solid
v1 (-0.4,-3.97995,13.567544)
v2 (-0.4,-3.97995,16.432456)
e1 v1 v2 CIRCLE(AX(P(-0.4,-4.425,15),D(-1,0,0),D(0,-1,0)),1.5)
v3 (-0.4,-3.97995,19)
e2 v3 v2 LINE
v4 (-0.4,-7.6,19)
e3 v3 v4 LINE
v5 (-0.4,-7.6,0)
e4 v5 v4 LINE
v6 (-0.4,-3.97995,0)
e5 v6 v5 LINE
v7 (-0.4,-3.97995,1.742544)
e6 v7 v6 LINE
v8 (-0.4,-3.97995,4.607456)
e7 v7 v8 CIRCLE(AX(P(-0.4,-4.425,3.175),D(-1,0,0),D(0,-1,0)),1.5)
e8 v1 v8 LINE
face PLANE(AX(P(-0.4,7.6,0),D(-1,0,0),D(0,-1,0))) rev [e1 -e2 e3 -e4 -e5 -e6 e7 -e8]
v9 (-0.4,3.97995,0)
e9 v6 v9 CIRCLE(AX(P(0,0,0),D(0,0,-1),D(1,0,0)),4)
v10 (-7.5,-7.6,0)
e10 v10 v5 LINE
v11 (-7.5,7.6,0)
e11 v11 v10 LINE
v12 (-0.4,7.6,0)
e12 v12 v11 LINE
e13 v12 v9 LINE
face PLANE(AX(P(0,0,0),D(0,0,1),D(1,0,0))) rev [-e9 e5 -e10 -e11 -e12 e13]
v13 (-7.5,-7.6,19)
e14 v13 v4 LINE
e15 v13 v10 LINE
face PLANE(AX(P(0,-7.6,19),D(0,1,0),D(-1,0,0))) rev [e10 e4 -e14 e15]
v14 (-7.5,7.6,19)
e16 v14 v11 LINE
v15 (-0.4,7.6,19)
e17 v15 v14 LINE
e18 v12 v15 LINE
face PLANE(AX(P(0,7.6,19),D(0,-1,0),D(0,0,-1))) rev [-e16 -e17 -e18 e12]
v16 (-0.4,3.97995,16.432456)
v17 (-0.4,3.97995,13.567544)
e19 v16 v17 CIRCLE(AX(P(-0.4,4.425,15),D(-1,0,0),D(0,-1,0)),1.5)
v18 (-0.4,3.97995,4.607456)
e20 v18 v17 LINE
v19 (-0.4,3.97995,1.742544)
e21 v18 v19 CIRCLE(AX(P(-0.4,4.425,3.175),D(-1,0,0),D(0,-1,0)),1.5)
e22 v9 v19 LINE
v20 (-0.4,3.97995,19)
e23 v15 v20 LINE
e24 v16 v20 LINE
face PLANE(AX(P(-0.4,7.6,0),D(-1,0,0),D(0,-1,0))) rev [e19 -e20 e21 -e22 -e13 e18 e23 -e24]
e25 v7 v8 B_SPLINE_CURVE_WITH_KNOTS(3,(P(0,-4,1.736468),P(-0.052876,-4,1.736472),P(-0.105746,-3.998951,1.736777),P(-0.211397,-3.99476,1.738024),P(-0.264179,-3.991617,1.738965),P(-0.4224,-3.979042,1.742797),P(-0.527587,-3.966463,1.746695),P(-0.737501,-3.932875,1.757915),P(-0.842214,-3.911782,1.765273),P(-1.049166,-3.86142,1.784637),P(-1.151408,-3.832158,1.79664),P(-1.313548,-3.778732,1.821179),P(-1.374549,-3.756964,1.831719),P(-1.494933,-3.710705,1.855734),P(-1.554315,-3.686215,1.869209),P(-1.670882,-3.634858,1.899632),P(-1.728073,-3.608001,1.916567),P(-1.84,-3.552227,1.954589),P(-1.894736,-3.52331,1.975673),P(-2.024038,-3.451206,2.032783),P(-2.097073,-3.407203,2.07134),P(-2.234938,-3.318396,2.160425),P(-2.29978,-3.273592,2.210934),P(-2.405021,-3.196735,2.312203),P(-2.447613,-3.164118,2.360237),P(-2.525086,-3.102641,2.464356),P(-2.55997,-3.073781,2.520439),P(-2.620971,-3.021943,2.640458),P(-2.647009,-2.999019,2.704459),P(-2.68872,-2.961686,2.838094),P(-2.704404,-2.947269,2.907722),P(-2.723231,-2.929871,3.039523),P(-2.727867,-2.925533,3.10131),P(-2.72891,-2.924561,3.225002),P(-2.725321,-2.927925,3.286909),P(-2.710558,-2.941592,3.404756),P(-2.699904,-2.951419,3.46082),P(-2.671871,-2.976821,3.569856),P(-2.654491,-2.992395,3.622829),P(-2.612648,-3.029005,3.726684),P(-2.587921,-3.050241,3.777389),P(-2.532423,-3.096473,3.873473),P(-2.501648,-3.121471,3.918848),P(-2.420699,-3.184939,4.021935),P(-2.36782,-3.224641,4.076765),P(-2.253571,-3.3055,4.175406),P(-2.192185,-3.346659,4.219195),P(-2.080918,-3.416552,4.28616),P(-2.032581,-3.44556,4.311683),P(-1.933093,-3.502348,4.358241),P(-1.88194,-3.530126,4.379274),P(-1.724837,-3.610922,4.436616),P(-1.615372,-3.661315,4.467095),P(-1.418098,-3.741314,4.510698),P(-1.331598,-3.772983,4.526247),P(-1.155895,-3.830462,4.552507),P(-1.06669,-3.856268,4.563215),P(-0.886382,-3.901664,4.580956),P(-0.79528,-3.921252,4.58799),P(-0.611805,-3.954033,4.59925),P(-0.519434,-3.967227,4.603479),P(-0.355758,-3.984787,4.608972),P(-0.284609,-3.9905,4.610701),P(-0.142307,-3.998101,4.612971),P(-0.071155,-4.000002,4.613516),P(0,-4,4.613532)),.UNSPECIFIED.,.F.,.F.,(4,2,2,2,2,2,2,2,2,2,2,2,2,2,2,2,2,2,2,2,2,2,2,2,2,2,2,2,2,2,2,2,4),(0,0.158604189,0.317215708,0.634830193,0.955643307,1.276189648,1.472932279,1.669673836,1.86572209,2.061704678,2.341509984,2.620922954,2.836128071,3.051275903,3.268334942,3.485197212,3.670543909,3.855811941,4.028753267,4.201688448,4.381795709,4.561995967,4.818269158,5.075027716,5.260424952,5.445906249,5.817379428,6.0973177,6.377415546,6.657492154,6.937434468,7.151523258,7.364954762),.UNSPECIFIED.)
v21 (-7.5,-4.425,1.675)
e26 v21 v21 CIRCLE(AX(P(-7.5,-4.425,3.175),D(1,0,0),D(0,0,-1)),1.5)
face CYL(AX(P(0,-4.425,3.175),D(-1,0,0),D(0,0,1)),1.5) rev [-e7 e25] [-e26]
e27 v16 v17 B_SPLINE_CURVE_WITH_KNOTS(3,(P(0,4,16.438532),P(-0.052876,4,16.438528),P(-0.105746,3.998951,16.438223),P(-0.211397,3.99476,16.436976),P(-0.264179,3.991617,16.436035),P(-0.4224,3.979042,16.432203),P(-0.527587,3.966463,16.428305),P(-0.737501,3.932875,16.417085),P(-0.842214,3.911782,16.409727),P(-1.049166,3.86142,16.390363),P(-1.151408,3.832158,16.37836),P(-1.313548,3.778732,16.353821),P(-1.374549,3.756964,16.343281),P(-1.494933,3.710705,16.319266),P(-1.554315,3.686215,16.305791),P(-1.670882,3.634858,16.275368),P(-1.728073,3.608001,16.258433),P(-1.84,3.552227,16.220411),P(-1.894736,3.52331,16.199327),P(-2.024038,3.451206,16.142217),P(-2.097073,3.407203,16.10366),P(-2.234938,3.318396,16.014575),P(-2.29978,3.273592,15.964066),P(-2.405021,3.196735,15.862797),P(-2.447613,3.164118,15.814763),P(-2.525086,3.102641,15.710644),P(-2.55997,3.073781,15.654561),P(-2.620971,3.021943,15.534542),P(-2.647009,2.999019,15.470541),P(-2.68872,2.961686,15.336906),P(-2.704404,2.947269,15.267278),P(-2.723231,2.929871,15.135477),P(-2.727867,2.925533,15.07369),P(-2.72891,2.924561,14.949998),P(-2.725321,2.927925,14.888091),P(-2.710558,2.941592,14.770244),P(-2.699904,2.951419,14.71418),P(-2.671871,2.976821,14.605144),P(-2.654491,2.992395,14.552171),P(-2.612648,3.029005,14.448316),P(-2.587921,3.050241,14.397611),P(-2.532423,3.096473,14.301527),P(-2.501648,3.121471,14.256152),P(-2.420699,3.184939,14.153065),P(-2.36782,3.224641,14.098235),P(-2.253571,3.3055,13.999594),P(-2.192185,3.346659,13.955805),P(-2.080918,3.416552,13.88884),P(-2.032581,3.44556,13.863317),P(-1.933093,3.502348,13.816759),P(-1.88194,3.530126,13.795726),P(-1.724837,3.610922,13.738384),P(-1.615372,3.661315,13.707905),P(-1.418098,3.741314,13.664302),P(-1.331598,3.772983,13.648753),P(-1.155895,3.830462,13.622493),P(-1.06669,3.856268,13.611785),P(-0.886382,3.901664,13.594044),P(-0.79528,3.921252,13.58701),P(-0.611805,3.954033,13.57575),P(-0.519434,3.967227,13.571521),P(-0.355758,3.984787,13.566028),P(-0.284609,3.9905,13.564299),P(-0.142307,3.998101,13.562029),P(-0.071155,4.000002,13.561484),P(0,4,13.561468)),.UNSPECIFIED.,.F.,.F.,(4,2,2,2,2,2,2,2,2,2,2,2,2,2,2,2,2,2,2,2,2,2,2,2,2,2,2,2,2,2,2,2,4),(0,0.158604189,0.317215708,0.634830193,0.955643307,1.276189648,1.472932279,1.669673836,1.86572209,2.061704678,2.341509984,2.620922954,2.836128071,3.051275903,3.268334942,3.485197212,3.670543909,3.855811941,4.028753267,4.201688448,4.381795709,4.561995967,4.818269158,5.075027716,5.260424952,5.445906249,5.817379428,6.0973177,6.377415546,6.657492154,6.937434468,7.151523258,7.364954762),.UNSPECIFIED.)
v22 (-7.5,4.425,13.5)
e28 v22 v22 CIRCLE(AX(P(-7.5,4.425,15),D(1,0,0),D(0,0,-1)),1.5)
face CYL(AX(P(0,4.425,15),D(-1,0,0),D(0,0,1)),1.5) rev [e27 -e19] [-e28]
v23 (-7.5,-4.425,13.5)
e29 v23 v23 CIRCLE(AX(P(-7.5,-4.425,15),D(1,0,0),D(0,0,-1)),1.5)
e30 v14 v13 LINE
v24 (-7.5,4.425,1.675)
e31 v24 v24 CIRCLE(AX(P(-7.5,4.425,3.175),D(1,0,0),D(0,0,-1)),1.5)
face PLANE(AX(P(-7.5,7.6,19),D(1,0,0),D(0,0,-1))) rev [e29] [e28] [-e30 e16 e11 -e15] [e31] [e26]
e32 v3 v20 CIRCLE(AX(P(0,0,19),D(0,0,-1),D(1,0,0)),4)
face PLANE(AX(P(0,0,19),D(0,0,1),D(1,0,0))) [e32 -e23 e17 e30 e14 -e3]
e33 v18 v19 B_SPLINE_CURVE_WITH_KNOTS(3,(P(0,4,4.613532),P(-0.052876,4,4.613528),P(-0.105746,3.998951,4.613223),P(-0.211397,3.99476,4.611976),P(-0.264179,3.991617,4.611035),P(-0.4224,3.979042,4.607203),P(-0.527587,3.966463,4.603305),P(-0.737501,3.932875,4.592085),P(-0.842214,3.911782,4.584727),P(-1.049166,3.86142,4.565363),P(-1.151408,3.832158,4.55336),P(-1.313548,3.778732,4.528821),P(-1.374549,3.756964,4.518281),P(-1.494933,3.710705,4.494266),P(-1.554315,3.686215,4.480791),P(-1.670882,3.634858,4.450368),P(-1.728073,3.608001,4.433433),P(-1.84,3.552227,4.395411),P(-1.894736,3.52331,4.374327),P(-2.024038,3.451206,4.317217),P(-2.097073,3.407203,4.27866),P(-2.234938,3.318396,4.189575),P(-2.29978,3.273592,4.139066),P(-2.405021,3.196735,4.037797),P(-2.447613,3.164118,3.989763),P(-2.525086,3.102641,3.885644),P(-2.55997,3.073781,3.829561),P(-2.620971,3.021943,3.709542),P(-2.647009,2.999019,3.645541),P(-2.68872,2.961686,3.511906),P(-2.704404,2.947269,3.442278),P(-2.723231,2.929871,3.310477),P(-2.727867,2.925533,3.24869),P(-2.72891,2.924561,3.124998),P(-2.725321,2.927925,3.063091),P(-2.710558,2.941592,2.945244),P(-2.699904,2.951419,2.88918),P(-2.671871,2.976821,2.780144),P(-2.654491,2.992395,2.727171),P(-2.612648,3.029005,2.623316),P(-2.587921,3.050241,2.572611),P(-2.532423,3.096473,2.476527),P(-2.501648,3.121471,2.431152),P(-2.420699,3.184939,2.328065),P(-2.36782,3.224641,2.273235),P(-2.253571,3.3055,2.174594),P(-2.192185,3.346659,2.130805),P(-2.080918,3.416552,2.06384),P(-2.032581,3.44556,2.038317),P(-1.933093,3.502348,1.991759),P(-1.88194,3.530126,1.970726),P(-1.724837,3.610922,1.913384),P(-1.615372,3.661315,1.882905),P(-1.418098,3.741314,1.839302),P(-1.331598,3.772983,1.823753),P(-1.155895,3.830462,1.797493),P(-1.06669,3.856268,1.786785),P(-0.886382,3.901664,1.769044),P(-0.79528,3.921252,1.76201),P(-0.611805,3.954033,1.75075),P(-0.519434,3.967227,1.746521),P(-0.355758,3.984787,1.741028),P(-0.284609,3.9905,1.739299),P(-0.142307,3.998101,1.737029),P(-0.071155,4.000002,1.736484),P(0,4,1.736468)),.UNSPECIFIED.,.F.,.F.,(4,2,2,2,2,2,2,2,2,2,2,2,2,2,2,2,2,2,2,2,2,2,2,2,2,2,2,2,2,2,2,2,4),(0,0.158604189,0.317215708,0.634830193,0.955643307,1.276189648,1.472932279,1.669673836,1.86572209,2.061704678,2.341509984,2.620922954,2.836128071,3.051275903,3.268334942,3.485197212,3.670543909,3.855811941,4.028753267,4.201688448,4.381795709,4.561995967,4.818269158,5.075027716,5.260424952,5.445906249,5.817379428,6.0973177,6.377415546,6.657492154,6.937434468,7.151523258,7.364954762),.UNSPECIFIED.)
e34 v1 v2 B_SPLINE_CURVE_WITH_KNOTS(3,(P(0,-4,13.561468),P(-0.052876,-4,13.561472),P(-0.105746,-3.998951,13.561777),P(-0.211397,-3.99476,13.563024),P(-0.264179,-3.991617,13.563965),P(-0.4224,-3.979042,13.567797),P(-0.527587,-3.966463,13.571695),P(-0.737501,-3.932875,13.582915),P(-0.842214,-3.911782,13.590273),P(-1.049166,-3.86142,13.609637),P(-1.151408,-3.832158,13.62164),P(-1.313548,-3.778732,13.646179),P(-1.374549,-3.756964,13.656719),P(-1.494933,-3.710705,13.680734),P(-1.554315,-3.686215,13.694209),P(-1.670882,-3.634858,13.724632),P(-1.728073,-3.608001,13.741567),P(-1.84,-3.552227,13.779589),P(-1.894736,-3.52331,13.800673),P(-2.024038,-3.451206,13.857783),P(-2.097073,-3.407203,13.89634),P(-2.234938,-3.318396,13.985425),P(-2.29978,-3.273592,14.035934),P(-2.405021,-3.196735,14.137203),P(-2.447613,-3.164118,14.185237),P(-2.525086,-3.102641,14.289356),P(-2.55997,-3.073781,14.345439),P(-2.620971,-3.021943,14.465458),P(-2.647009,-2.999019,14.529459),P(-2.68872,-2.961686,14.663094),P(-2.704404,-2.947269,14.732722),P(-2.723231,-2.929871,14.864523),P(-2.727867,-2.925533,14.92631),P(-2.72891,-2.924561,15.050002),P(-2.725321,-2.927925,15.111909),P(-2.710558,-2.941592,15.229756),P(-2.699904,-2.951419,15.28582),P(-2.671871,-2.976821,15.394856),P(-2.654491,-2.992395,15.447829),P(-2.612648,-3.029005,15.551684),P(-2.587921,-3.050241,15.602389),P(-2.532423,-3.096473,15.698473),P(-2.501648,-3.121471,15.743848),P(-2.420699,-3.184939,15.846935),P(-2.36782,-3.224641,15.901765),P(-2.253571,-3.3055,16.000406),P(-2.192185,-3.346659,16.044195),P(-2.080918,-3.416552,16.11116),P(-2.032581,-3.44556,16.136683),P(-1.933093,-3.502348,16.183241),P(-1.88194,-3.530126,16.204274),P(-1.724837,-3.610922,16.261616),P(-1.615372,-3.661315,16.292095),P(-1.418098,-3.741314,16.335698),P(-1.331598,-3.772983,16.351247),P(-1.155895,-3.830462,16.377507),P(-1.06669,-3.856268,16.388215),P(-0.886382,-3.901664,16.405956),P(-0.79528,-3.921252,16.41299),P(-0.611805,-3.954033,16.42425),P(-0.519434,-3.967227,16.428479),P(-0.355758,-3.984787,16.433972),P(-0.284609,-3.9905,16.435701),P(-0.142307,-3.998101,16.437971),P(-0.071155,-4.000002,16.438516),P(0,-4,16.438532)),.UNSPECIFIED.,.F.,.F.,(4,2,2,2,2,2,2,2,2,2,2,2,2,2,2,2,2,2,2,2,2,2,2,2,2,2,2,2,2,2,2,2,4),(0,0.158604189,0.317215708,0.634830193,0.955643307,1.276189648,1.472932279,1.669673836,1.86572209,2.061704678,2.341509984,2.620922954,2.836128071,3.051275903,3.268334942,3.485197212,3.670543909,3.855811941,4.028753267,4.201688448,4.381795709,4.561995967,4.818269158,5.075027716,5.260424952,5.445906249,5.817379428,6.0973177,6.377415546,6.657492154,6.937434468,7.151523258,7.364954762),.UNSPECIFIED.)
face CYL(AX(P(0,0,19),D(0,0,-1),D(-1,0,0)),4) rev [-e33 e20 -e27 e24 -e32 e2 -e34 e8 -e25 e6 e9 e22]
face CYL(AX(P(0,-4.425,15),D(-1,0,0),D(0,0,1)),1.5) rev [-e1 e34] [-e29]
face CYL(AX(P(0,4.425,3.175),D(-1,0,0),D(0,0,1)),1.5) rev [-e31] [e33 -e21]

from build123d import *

# Parameters (mm, degrees)
EXTRUDE1_DEPTH = 19
SKETCH2_R      = 1.5
EXTRUDE5_DEPTH = 8.5
SKETCH3_W      = 0.4
SKETCH3_H      = 15.2
EXTRUDE6_DEPTH = 20.0000001


with BuildPart() as part:
    # Sketch1 → Extrude1 (new body)
    with BuildSketch(Plane.XY):
        with BuildLine():
            Line((0, 4), (0, 7.6))
            Line((0, 7.6), (-7.5, 7.6))
            Line((-7.5, 7.6), (-7.5, -7.6))
            Line((-7.5, -7.6), (0, -7.6))
            Line((0, -7.6), (0, -4))
            ThreePointArc((0, -4), (-4, 0), (0, 4))
        make_face()
    extrude(amount=EXTRUDE1_DEPTH)

    # Sketch2 → Extrude5 (cut, through all)
    with BuildSketch(Plane(origin=(-7.5, 0, 0), x_dir=(0, 0, -1), z_dir=(1, 0, 0))):
        with Locations((-3.175, 4.425)):
            Circle(SKETCH2_R)
        with Locations((-15, 4.425)):
            Circle(SKETCH2_R)
        with Locations((-15, -4.425)):
            Circle(SKETCH2_R)
        with Locations((-3.175, -4.425)):
            Circle(SKETCH2_R)
    extrude(amount=EXTRUDE5_DEPTH, mode=Mode.SUBTRACT)

    # Sketch3 → Extrude6 (cut, through all)
    with BuildSketch(Plane.XY.offset(19)):
        with Locations((-0.2, 0)):
            Rectangle(SKETCH3_W, SKETCH3_H)
    extrude(amount=-EXTRUDE6_DEPTH, mode=Mode.SUBTRACT)


solid = part.part
